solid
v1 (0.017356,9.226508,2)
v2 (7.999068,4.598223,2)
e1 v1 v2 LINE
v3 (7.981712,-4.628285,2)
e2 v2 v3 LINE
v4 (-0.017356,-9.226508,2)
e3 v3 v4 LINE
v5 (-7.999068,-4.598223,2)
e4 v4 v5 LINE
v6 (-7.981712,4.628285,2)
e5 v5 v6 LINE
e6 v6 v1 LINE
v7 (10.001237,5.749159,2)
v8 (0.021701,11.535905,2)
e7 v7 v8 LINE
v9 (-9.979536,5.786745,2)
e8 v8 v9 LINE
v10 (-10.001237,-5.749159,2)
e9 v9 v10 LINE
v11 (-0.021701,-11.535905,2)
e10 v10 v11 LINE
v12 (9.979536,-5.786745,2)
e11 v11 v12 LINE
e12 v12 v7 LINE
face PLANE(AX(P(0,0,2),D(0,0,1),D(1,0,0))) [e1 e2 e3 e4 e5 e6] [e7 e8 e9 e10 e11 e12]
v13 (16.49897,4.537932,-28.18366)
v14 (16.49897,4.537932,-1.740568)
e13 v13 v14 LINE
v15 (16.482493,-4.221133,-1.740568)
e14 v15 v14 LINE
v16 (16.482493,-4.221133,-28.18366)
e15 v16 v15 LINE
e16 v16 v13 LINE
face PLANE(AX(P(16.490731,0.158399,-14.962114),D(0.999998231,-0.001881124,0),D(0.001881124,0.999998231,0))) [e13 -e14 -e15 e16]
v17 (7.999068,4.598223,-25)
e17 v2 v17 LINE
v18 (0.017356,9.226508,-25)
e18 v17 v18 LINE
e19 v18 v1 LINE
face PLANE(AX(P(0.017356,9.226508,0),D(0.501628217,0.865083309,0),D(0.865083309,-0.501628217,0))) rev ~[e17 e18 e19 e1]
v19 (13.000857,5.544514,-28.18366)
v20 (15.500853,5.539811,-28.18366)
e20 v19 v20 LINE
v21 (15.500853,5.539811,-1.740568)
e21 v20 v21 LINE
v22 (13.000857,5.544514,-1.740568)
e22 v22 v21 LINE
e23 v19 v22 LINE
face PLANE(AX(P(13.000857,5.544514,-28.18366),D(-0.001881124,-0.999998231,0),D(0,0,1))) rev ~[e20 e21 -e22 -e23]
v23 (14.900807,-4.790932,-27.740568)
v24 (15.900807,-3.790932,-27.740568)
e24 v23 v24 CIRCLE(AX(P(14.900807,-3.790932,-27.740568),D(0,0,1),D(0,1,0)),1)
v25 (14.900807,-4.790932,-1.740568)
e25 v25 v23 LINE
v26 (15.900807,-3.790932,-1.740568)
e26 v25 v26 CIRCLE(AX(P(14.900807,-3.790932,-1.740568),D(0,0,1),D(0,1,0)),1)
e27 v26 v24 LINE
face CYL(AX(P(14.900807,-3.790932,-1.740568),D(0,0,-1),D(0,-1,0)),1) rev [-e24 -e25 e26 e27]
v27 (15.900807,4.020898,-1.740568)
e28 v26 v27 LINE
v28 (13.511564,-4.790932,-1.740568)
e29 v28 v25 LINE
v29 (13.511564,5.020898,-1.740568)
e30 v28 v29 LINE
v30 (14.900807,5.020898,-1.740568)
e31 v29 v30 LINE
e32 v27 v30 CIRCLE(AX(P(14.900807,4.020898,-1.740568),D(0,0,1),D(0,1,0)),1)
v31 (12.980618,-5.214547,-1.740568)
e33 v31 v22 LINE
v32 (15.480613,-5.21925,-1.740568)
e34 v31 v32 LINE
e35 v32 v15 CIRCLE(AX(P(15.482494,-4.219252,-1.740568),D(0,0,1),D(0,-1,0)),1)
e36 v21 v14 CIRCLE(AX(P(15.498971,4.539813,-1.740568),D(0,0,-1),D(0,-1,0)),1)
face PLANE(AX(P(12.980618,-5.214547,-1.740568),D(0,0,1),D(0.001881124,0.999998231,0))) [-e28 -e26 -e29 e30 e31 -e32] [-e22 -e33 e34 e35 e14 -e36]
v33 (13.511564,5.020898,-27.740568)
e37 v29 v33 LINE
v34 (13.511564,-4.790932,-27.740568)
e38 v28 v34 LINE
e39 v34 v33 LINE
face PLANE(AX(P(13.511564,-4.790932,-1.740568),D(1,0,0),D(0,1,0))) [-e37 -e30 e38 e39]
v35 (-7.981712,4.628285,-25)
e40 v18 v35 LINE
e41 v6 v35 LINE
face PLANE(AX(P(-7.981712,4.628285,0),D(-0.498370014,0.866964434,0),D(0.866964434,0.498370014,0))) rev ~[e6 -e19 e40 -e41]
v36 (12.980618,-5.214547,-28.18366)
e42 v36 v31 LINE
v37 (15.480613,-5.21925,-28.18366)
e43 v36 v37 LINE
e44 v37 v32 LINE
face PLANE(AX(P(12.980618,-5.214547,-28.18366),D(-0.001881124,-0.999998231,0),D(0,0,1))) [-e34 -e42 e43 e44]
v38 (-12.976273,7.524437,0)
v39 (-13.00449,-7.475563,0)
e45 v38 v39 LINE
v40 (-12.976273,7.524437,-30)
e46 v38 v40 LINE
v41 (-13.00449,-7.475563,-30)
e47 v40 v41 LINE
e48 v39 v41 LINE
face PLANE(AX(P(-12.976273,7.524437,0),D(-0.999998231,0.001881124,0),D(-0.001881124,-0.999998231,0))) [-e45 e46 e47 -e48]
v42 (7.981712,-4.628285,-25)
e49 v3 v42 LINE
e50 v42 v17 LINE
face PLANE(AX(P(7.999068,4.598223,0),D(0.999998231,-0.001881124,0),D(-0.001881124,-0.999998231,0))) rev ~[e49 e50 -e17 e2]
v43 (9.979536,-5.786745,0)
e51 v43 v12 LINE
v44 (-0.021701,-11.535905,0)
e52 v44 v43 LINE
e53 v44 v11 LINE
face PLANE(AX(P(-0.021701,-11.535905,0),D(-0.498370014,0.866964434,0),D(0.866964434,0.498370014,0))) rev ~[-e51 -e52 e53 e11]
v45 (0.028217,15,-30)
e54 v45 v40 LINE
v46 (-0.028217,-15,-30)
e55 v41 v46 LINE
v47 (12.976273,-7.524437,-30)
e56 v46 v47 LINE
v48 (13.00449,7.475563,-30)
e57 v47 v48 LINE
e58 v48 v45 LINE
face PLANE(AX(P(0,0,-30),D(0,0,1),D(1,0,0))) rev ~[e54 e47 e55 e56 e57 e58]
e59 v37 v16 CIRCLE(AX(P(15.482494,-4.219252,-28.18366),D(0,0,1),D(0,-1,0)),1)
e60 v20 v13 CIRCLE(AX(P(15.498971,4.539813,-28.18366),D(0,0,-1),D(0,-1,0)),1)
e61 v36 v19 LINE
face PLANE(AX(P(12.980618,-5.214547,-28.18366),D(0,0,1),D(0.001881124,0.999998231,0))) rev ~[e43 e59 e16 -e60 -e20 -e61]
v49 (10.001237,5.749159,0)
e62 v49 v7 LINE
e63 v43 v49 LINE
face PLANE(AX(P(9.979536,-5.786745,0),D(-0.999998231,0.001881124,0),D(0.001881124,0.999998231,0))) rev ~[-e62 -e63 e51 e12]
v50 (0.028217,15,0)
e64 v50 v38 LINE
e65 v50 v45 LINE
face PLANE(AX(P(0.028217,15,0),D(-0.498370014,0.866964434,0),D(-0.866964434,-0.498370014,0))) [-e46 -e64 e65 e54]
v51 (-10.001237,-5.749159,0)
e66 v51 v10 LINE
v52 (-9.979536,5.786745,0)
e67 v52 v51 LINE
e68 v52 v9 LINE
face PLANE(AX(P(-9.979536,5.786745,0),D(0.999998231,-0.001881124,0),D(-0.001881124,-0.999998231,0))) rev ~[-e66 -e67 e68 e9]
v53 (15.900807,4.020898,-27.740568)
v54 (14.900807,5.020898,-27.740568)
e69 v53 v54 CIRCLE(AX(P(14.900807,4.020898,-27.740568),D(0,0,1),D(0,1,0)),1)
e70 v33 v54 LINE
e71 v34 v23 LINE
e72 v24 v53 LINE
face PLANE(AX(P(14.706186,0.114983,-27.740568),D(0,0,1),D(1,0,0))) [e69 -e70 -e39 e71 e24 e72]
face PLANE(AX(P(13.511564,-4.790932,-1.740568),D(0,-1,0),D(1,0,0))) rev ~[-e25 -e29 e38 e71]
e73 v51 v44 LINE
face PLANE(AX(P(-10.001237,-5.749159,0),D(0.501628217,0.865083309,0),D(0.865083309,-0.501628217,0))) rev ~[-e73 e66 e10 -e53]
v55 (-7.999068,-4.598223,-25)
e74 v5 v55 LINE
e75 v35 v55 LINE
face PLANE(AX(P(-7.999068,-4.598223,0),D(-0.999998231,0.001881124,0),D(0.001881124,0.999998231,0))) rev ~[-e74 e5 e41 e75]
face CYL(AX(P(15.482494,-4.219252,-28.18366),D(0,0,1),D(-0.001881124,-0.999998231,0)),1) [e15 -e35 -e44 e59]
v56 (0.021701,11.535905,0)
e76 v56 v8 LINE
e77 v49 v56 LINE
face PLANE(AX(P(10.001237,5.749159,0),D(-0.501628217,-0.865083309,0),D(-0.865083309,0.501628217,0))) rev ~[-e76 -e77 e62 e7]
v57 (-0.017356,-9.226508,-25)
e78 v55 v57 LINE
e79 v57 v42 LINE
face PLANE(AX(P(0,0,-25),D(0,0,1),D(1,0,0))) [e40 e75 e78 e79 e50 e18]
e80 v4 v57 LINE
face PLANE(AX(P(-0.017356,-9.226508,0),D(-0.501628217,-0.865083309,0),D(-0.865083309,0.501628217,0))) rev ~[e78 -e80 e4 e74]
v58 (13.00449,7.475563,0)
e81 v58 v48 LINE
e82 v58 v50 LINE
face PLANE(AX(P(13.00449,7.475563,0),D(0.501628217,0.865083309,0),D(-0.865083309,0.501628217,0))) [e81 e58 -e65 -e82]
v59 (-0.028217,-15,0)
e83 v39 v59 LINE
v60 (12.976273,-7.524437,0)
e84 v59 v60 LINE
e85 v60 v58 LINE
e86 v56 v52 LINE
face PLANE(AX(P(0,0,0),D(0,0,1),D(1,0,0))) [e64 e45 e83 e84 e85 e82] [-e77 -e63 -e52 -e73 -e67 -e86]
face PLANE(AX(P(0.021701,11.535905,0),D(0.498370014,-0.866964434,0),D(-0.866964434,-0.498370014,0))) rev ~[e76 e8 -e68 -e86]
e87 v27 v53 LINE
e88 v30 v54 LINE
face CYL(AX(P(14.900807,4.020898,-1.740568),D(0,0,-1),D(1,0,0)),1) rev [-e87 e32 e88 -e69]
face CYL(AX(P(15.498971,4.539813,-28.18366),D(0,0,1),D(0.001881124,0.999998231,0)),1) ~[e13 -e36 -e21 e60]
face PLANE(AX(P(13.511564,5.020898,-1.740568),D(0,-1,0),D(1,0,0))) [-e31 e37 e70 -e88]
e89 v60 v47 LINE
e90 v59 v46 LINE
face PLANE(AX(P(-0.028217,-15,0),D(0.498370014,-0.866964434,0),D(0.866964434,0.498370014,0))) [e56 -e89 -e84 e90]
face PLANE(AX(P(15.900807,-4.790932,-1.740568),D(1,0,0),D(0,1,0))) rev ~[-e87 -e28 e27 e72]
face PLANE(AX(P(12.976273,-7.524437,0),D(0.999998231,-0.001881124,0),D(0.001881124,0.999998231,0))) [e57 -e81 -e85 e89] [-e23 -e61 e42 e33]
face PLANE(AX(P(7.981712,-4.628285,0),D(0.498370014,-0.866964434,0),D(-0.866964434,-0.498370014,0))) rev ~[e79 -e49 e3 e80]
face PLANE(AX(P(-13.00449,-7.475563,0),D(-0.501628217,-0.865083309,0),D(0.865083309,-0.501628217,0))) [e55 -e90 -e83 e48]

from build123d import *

# Parameters (mm, degrees)
F1_DEPTH = 30
F3_DEPTH = 25
F5_DEPTH = 2
F6_W     = 10.7590798289
F6_H     = 26.4430916868
F7_DEPTH = 3.5
F8_W     = 2.3892438039
F8_H     = 9.8118302412
F9_DEPTH = 26
F10_R    = 1


with BuildPart() as f1:
    # F0 (on Top) → F1 (new body)
    with BuildSketch(Plane.XY):
        Polygon((13.0044895149, 7.4755634337), (0.0282169163, 15), (-12.9762725986, 7.5244365663), (-13.0044895149, -7.4755634337), (-0.0282169163, -15), (12.9762725986, -7.5244365663), align=None)
    extrude(amount=-F1_DEPTH)

    # F2 (on face) → F3 (cut)
    with BuildSketch(Plane.XY):
        Polygon((7.9817117837, -4.6282847058), (7.999068023, 4.5982228174), (0.0173562394, 9.2265075233), (-7.9817117837, 4.6282847058), (-7.999068023, -4.5982228174), (-0.0173562394, -9.2265075233), align=None)
    extrude(amount=-F3_DEPTH, mode=Mode.SUBTRACT)

    # F4 (on face) → F5 (join)
    with BuildSketch(Plane.XY):
        Polygon((-9.9795361097, 5.78674545), (-10.0012366198, -5.7491590639), (-0.0217005101, -11.535904514), (9.9795361097, -5.78674545), (10.0012366198, 5.7491590639), (0.0217005101, 11.535904514), align=None)
        Polygon((0.0173562394, 9.2265075233), (7.999068023, 4.5982228174), (7.9817117837, -4.6282847058), (-0.0173562394, -9.2265075233), (-7.999068023, -4.5982228174), (-7.9817117837, 4.6282847058), align=None, mode=Mode.SUBTRACT)
    extrude(amount=F5_DEPTH)

    # F6 (on face) → F7 (join)
    with BuildSketch(Plane(origin=(12.9903810568, -0.0244365663, 0), x_dir=(0.0018811244, 0.9999982307, 0), z_dir=(0.9999982307, -0.0018811244, 0))):
        with Locations((0.1894203015, -14.9621136952)):
            Rectangle(F6_W, F6_H)
    extrude(amount=F7_DEPTH)

    # F8 (on face) → F9 (cut)
    with BuildSketch(Plane.XY.offset(-1.7405678518)):
        with Locations((14.7061855532, 0.1149831805)):
            Rectangle(F8_W, F8_H)
    extrude(amount=-F9_DEPTH, mode=Mode.SUBTRACT)

    # F10
    f10_edges = [f1.edges().sort_by_distance(p)[0] for p in [
        (16.480612, -5.221131, -14.962114),
        (16.500851, 5.53793, -14.962114),
        (15.900807, 5.020898, -14.740568),
        (15.900807, -4.790932, -14.740568),
    ]]
    fillet(f10_edges, radius=F10_R)


solid = f1.part
